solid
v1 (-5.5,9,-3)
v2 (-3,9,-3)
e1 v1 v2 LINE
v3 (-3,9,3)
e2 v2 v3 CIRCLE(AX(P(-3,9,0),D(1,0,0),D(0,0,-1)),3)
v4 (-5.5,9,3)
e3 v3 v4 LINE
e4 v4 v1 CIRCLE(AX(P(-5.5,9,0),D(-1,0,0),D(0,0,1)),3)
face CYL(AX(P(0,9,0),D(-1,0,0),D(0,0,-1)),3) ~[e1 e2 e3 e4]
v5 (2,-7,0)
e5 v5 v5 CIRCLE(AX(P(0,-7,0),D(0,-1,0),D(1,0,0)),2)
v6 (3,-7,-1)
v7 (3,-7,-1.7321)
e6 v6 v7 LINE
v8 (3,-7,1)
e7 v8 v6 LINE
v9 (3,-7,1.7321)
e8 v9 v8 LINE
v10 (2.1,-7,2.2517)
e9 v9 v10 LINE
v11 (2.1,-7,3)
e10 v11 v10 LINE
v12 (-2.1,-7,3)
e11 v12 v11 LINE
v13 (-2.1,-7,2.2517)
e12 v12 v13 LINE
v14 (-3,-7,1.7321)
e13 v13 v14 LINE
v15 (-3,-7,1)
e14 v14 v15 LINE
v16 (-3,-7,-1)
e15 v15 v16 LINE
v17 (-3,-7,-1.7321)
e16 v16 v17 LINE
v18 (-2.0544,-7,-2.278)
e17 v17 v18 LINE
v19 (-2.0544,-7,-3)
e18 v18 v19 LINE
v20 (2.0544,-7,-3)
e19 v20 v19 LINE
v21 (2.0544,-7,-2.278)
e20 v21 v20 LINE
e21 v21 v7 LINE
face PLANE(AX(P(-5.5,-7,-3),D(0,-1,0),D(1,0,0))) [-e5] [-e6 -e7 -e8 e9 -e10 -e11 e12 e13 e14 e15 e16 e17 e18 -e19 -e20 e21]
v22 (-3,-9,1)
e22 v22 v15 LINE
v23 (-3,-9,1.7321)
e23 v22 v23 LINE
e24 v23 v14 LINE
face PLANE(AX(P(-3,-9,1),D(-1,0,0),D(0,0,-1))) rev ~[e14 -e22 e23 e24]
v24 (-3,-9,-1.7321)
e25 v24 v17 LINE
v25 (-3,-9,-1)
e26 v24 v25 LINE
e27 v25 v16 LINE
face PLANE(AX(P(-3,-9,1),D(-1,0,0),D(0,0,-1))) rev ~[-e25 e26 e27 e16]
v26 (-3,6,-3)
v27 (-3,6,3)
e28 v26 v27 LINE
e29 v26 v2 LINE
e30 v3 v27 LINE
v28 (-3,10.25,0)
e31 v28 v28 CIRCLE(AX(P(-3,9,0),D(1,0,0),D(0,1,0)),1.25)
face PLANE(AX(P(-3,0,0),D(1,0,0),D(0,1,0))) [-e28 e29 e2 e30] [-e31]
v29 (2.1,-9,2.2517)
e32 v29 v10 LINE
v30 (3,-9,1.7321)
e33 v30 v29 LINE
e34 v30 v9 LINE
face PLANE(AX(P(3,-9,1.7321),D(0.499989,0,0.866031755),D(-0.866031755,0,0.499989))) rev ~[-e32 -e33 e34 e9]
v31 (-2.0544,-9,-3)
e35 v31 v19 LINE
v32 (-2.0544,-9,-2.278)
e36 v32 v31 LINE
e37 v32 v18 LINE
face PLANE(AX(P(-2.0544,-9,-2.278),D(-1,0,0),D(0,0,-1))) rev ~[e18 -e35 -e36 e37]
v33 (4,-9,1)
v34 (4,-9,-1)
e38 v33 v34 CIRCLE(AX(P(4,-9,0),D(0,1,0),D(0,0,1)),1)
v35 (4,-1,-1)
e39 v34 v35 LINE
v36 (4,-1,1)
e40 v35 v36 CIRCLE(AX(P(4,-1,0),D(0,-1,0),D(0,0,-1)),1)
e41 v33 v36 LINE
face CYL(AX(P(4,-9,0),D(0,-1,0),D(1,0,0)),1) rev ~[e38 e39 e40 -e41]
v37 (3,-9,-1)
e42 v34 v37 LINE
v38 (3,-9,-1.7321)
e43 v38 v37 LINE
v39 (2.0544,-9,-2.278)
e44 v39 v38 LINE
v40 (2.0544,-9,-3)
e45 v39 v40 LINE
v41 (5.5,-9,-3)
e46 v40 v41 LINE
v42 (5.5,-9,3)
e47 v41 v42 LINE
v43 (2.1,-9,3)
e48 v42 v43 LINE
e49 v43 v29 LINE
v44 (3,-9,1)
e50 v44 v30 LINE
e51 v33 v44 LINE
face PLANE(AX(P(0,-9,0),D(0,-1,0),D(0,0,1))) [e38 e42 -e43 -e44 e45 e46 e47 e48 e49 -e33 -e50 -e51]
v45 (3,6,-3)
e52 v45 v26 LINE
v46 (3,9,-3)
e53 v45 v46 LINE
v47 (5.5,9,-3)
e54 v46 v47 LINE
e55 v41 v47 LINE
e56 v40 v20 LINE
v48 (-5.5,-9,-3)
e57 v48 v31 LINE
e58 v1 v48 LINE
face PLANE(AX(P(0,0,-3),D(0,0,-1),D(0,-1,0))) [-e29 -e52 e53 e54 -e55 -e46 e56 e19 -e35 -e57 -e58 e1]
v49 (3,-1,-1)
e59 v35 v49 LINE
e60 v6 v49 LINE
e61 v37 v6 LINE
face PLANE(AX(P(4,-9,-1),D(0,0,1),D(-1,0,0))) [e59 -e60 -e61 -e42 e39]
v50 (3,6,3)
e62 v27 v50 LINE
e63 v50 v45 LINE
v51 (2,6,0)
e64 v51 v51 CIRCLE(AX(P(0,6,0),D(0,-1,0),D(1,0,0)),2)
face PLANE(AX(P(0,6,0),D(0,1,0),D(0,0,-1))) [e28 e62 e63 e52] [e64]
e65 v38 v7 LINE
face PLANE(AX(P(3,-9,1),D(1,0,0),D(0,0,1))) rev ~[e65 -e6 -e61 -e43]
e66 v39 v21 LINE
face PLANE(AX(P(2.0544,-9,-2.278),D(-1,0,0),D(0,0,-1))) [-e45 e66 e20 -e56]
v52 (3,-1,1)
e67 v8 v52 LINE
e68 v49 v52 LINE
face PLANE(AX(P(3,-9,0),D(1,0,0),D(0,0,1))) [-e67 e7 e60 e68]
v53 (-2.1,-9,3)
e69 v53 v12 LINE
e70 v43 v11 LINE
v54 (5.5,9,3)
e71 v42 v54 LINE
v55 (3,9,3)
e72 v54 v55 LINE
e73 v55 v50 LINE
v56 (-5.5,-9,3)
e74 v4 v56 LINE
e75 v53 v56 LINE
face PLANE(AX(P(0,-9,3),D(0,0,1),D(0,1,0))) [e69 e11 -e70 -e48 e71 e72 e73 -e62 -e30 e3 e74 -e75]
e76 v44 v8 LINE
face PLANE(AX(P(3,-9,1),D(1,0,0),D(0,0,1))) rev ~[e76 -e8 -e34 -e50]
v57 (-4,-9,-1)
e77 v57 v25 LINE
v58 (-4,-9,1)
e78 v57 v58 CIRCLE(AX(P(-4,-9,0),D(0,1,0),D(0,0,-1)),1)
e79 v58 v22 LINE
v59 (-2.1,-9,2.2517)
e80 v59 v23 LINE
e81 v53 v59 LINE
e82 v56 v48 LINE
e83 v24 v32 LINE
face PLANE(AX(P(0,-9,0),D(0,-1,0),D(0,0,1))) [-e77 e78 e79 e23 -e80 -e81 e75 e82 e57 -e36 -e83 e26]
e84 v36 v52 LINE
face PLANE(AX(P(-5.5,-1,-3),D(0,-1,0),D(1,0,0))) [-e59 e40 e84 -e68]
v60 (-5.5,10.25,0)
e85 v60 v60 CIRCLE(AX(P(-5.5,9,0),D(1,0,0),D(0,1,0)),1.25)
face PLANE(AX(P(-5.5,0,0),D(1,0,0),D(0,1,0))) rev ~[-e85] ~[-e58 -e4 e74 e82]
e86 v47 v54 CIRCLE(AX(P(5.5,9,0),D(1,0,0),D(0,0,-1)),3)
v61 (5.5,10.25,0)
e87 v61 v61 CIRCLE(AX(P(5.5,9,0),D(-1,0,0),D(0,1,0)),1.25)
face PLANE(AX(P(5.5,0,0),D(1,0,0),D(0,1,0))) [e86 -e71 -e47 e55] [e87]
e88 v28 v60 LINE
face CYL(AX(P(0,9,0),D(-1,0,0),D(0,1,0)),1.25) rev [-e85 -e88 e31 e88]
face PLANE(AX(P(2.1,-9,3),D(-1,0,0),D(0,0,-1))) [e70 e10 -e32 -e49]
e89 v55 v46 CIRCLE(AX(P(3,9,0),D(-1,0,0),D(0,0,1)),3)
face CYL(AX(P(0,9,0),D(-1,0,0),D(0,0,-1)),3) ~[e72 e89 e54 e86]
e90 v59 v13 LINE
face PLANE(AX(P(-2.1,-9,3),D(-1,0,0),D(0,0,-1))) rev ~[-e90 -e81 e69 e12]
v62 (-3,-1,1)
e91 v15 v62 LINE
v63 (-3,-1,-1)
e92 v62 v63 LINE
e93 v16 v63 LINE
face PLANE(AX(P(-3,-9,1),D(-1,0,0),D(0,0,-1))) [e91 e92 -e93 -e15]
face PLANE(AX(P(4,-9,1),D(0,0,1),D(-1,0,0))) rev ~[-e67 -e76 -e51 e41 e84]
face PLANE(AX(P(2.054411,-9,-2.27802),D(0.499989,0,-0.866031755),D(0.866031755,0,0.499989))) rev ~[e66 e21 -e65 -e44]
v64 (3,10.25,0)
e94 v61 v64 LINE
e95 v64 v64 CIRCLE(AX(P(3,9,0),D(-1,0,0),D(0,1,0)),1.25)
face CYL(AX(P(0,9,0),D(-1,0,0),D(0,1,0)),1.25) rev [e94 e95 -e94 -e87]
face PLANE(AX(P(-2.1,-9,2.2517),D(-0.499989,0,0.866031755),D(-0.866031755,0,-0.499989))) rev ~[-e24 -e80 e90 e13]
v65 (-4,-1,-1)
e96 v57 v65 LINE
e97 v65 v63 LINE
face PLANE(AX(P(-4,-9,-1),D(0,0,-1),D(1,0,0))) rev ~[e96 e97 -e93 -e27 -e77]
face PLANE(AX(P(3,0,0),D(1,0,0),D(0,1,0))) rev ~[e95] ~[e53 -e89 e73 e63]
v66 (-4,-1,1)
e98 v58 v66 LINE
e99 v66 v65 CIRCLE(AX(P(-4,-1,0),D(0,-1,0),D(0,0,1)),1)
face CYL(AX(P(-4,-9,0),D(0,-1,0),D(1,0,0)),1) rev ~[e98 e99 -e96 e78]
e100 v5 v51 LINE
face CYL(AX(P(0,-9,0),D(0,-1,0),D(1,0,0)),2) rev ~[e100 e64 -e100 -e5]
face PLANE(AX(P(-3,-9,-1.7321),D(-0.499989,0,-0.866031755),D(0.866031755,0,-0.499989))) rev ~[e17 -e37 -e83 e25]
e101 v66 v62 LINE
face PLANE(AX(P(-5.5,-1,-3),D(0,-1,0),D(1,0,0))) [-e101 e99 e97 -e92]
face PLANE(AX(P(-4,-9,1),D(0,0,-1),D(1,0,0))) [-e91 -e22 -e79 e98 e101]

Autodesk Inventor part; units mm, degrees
ref_plane "plane_support" through (-5.5, -8, -3) normal (0, -1, 0) x (1, 0, 0)
ref_plane "plane_support_frontb" through (-2.5, 0, 0) normal (1, 0, 0) x (0, 0, -1)
ref_plane "plane_support_frontt" through (2.5, 0, 0) normal (-1, 0, 0) x (0, 0, 1)
sketch "Sketch14" plane through (0, 0, 0) normal (1, 0, 0) x (0, 1, 0)
  line L0 (-13.2, 0) -> (16.2, 0) projected
  line L1 (0, -4.2) -> (0, 4.2) projected
  line L2 (9, -3) -> (-9, -3)
  line L3 (-9, -3) -> (-9, 3)
  line L4 (-9, 3) -> (9, 3)
  line L5 (9, 3) -> (9, -3) construction
  line L6 (9, -3) -> (-9, 3) construction
  line L7 (-9, -3) -> (9, 3) construction
  line L8 (5.5, 3) -> (5.5, -3) construction
  line L9 (-6.5, 3) -> (-6.5, -3) construction
  arc A0 (9, -3) -> (9, 3) centre (9, 0) ccw
  circle A1 centre (9, 0) radius 1.25
  circle A2 centre (9, 0) radius 3 construction
  line L10 (6, 3) -> (6, -3) construction
  point P0 (0, 0)
  point P1 (0, 0)
  dimension "d72" = 6
  dimension "d73" = 12
  dimension "d74" = 2.5
  dimension "d75" = 2.5
  dimension "d76" = 0.5
extrude "ext_main" add sketch "Sketch14" along normal mid plane 11 contours L3 L4 L1 L0 | L0 L1 L2 L3 | L1 L4 A0 L0 A1 | L0 A1 A0 L2 L1
sketch "Sketch15" plane through (0, 0, 0) normal (1, 0, 0) x (0, 1, 0)
  circle A0 centre (9, 0) radius 1.25 projected
  arc A1 (9, -3) -> (9, 3) centre (9, 0) ccw projected
  circle A2 centre (9, 0) radius 3
  line L0 (6, 3) -> (6, -3)
  line L1 (9, 3) -> (-9, 3) projected
  line L2 (-9, -3) -> (9, -3) projected
  line L3 (-13.2, 0) -> (16.2, 0) projected
  point P0 (0, 0)
extrude "ext_cut_front" cut sketch "Sketch15" along normal mid plane 6 contours L3 A1 A2 A0 | A0 L3 A2 A1 | L0 L1 A2 | A2 L2 L0
sketch "sk_channel_nut" plane through (-5.5, -9, -3) normal (0, -1, 0) x (1, 0, 0)
  line L0 (-2.2, 3) -> (13.2, 3) projected
  line L1 (5.5, -1.8497) -> (5.5, 7.8497) projected
  circle A0 centre (5.5, 3) radius 2
  line L2 (5.5, 6.4641) -> (2.5, 4.7321)
  line L3 (2.5, 4.7321) -> (2.5, 1.2679)
  line L4 (2.5, 1.2679) -> (5.5, -0.4641)
  line L5 (5.5, -0.4641) -> (8.5, 1.2679)
  line L6 (8.5, 1.2679) -> (8.5, 4.7321)
  line L7 (8.5, 4.7321) -> (5.5, 6.4641)
  circle A1 centre (1.5, 3) radius 1
  circle A2 centre (9.5, 3) radius 1
  line L8 (1.5, 4) -> (2.5, 4)
  line L9 (1.5, 2) -> (2.5, 2)
  line L10 (9.5, 4) -> (8.5, 4)
  line L11 (9.5, 2) -> (8.5, 2)
  line L12 (11, 0) -> (0, 0) projected
  line L13 (11, 6) -> (0, 6) projected
  line L14 (0, 0) -> (0, 6) projected
  line L15 (3.4, 6) -> (3.4, 5.2517)
  line L16 (3.4456, 0.722) -> (3.4456, 0)
  line L17 (7.5544, 0.722) -> (7.5544, 0)
  line L18 (7.6, 6) -> (7.6, 5.2517)
  point P0 (5.5, 3)
  point P1 (2.5, 3)
  dimension "d85" = 4
  dimension "d86" = 120
  dimension "d87" = 6
  dimension "d88" = 2
  dimension "d95" = 4.2
extrude "ext_cut_channel" cut sketch "sk_channel_nut" against normal up to surface (15 mm away) contours A0 L1 L0 | L0 L1 A0 | L1 A0 L0 | L0 A0 L1
extrude "ext_cut_bottomscrews" cut sketch "sk_channel_nut" against normal blind 8 contours A1 L0 | L0 A1 | A1 L8 L3 | L3 L9 A1 | A2 L0 | A2 L11 L6 | L6 L10 A2 | L0 A2
extrude "ext_cut_bottom_nut" cut sketch "sk_channel_nut" against normal blind 2 contours L3 L2 L13 L1 A0 L0 | L0 A0 L1 L12 L4 L3 | L16 L4 L12 | L13 L2 L15 | A0 L1 L0 | L0 L1 A0 | L12 L1 L4 | L2 L1 L13 | L1 A0 L0 | L0 A0 L1 | L1 L13 L7 L6 L0 A0 | A0 L0 L6 L5 L12 L1 | L1 L12 L5 | L7 L13 L1 | L5 L17 L12 | L13 L18 L7
sketch "Sketch19" plane through (-5.5, -8, -3) normal (0, -1, 0) x (1, 0, 0)
  line L0 (3.4, 6) -> (7.6, 6) projected
  line L1 (3.4, 5.2517) -> (3.4, 6) projected
  line L2 (2.5, 4.7321) -> (3.4, 5.2517) projected
  line L3 (2.5, 4) -> (2.5, 4.7321) projected
  line L4 (2.5, 2) -> (2.5, 4) projected
  line L5 (2.5, 1.2679) -> (2.5, 2) projected
  line L6 (3.4456, 0.722) -> (2.5, 1.2679) projected
  line L7 (3.4456, 0) -> (3.4456, 0.722) projected
  line L8 (7.5544, 0) -> (3.4456, 0) projected
  line L9 (7.5544, 0.722) -> (7.5544, 0) projected
  line L10 (8.5, 1.2679) -> (7.5544, 0.722) projected
  line L11 (8.5, 2) -> (8.5, 1.2679) projected
  line L12 (8.5, 4) -> (8.5, 2) projected
  line L13 (8.5, 4.7321) -> (8.5, 4) projected
  line L14 (7.6, 5.2517) -> (8.5, 4.7321) projected
  line L15 (7.6, 6) -> (7.6, 5.2517) projected
  circle A0 centre (5.5, 3) radius 2 projected
  line L16 (3.9, 5.5) -> (7.1, 5.5) construction
  line L17 (7.1, 5.5) -> (7.1, 4.963)
  line L18 (7.1, 4.963) -> (8, 4.4434)
  line L19 (8, 4.4434) -> (8, 4)
  line L20 (8, 4) -> (8, 2)
  line L21 (8, 2) -> (8, 1.5566)
  line L22 (8, 1.5566) -> (7.0544, 1.0107)
  line L23 (7.0544, 1.0107) -> (7.0544, 0.5)
  line L24 (7.0544, 0.5) -> (3.9456, 0.5) construction
  line L25 (3.9456, 0.5) -> (3.9456, 1.0107)
  line L26 (3.9456, 1.0107) -> (3, 1.5566)
  line L27 (3, 1.5566) -> (3, 2)
  line L28 (3, 2) -> (3, 4)
  line L29 (3, 4) -> (3, 4.4434)
  line L30 (3, 4.4434) -> (3.9, 4.963)
  line L31 (3.9, 4.963) -> (3.9, 5.5)
  line L32 (3.9, 5.5) -> (7.1, 5.5)
  line L33 (7.1, 5.5) -> (7.1, 6)
  line L34 (7.1, 6) -> (3.9, 6)
  line L35 (3.9, 6) -> (3.9, 5.5)
  line L36 (3.9456, 0.5) -> (7.0544, 0.5)
  line L37 (7.0544, 0.5) -> (7.0544, 0)
  line L38 (7.0544, 0) -> (3.9456, 0)
  line L39 (3.9456, 0) -> (3.9456, 0.5)
  point P0 (5.5, 3)
  dimension "d97" = 0.4
sketch "Sketch20" plane through (-2.5, 0, 0) normal (1, 0, 0) x (0, 0, -1)
  circle A0 centre (0, 9) radius 1.25 projected
  arc A1 (3, 9) -> (-3, 9) centre (0, 9) ccw projected
  line L0 (-3, 6) -> (-3, 9) projected
  line L1 (3, 6) -> (-3, 6) projected
  line L2 (3, 9) -> (3, 6) projected
  line L3 (-3, 7) -> (3, 7)
  point P0 (0, 0)
  dimension "d102" = 1
equation "\"d73\" = linact_rod_effective_length"
equation "\"d74\" = nut_m3_thickness_max"
equation "\"d75\" = screw_m2_bore_loose"
equation "\"d87\" = nut_m3_width_acrossflats"
equation "\"d88\" = screw_m2_bore_selfthreading"
equation "\"d95\" = 0.7 * nut_m3_width_acrossflats"
equation "\"d89\" = linact_rod_effective_length + nut_m3_thickness_max"
equation "\"d93\" = 0.8 * nut_m3_thickness_max"
equation "\"d97\" = print_support_z_clearance"
equation "\"d102\" = print_support_xy_clearance"
equation "\"d96\" = print_support_xy_clearance"
equation "\"d100\" = print_support_z_clearance"
equation "\"d101\" = print_support_z_clearance"
equation "\"linact_rod_effective_length\" = 12"
equation "\"nut_m3_thickness_max\" = 2.5"
equation "\"screw_m2_bore_loose\" = 2.5"
equation "\"nut_m3_width_acrossflats\" = 6"
equation "\"screw_m2_bore_selfthreading\" = 2"
equation "\"print_support_z_clearance\" = 0.4"
equation "\"print_support_xy_clearance\" = 1"
properties part number "empty"
